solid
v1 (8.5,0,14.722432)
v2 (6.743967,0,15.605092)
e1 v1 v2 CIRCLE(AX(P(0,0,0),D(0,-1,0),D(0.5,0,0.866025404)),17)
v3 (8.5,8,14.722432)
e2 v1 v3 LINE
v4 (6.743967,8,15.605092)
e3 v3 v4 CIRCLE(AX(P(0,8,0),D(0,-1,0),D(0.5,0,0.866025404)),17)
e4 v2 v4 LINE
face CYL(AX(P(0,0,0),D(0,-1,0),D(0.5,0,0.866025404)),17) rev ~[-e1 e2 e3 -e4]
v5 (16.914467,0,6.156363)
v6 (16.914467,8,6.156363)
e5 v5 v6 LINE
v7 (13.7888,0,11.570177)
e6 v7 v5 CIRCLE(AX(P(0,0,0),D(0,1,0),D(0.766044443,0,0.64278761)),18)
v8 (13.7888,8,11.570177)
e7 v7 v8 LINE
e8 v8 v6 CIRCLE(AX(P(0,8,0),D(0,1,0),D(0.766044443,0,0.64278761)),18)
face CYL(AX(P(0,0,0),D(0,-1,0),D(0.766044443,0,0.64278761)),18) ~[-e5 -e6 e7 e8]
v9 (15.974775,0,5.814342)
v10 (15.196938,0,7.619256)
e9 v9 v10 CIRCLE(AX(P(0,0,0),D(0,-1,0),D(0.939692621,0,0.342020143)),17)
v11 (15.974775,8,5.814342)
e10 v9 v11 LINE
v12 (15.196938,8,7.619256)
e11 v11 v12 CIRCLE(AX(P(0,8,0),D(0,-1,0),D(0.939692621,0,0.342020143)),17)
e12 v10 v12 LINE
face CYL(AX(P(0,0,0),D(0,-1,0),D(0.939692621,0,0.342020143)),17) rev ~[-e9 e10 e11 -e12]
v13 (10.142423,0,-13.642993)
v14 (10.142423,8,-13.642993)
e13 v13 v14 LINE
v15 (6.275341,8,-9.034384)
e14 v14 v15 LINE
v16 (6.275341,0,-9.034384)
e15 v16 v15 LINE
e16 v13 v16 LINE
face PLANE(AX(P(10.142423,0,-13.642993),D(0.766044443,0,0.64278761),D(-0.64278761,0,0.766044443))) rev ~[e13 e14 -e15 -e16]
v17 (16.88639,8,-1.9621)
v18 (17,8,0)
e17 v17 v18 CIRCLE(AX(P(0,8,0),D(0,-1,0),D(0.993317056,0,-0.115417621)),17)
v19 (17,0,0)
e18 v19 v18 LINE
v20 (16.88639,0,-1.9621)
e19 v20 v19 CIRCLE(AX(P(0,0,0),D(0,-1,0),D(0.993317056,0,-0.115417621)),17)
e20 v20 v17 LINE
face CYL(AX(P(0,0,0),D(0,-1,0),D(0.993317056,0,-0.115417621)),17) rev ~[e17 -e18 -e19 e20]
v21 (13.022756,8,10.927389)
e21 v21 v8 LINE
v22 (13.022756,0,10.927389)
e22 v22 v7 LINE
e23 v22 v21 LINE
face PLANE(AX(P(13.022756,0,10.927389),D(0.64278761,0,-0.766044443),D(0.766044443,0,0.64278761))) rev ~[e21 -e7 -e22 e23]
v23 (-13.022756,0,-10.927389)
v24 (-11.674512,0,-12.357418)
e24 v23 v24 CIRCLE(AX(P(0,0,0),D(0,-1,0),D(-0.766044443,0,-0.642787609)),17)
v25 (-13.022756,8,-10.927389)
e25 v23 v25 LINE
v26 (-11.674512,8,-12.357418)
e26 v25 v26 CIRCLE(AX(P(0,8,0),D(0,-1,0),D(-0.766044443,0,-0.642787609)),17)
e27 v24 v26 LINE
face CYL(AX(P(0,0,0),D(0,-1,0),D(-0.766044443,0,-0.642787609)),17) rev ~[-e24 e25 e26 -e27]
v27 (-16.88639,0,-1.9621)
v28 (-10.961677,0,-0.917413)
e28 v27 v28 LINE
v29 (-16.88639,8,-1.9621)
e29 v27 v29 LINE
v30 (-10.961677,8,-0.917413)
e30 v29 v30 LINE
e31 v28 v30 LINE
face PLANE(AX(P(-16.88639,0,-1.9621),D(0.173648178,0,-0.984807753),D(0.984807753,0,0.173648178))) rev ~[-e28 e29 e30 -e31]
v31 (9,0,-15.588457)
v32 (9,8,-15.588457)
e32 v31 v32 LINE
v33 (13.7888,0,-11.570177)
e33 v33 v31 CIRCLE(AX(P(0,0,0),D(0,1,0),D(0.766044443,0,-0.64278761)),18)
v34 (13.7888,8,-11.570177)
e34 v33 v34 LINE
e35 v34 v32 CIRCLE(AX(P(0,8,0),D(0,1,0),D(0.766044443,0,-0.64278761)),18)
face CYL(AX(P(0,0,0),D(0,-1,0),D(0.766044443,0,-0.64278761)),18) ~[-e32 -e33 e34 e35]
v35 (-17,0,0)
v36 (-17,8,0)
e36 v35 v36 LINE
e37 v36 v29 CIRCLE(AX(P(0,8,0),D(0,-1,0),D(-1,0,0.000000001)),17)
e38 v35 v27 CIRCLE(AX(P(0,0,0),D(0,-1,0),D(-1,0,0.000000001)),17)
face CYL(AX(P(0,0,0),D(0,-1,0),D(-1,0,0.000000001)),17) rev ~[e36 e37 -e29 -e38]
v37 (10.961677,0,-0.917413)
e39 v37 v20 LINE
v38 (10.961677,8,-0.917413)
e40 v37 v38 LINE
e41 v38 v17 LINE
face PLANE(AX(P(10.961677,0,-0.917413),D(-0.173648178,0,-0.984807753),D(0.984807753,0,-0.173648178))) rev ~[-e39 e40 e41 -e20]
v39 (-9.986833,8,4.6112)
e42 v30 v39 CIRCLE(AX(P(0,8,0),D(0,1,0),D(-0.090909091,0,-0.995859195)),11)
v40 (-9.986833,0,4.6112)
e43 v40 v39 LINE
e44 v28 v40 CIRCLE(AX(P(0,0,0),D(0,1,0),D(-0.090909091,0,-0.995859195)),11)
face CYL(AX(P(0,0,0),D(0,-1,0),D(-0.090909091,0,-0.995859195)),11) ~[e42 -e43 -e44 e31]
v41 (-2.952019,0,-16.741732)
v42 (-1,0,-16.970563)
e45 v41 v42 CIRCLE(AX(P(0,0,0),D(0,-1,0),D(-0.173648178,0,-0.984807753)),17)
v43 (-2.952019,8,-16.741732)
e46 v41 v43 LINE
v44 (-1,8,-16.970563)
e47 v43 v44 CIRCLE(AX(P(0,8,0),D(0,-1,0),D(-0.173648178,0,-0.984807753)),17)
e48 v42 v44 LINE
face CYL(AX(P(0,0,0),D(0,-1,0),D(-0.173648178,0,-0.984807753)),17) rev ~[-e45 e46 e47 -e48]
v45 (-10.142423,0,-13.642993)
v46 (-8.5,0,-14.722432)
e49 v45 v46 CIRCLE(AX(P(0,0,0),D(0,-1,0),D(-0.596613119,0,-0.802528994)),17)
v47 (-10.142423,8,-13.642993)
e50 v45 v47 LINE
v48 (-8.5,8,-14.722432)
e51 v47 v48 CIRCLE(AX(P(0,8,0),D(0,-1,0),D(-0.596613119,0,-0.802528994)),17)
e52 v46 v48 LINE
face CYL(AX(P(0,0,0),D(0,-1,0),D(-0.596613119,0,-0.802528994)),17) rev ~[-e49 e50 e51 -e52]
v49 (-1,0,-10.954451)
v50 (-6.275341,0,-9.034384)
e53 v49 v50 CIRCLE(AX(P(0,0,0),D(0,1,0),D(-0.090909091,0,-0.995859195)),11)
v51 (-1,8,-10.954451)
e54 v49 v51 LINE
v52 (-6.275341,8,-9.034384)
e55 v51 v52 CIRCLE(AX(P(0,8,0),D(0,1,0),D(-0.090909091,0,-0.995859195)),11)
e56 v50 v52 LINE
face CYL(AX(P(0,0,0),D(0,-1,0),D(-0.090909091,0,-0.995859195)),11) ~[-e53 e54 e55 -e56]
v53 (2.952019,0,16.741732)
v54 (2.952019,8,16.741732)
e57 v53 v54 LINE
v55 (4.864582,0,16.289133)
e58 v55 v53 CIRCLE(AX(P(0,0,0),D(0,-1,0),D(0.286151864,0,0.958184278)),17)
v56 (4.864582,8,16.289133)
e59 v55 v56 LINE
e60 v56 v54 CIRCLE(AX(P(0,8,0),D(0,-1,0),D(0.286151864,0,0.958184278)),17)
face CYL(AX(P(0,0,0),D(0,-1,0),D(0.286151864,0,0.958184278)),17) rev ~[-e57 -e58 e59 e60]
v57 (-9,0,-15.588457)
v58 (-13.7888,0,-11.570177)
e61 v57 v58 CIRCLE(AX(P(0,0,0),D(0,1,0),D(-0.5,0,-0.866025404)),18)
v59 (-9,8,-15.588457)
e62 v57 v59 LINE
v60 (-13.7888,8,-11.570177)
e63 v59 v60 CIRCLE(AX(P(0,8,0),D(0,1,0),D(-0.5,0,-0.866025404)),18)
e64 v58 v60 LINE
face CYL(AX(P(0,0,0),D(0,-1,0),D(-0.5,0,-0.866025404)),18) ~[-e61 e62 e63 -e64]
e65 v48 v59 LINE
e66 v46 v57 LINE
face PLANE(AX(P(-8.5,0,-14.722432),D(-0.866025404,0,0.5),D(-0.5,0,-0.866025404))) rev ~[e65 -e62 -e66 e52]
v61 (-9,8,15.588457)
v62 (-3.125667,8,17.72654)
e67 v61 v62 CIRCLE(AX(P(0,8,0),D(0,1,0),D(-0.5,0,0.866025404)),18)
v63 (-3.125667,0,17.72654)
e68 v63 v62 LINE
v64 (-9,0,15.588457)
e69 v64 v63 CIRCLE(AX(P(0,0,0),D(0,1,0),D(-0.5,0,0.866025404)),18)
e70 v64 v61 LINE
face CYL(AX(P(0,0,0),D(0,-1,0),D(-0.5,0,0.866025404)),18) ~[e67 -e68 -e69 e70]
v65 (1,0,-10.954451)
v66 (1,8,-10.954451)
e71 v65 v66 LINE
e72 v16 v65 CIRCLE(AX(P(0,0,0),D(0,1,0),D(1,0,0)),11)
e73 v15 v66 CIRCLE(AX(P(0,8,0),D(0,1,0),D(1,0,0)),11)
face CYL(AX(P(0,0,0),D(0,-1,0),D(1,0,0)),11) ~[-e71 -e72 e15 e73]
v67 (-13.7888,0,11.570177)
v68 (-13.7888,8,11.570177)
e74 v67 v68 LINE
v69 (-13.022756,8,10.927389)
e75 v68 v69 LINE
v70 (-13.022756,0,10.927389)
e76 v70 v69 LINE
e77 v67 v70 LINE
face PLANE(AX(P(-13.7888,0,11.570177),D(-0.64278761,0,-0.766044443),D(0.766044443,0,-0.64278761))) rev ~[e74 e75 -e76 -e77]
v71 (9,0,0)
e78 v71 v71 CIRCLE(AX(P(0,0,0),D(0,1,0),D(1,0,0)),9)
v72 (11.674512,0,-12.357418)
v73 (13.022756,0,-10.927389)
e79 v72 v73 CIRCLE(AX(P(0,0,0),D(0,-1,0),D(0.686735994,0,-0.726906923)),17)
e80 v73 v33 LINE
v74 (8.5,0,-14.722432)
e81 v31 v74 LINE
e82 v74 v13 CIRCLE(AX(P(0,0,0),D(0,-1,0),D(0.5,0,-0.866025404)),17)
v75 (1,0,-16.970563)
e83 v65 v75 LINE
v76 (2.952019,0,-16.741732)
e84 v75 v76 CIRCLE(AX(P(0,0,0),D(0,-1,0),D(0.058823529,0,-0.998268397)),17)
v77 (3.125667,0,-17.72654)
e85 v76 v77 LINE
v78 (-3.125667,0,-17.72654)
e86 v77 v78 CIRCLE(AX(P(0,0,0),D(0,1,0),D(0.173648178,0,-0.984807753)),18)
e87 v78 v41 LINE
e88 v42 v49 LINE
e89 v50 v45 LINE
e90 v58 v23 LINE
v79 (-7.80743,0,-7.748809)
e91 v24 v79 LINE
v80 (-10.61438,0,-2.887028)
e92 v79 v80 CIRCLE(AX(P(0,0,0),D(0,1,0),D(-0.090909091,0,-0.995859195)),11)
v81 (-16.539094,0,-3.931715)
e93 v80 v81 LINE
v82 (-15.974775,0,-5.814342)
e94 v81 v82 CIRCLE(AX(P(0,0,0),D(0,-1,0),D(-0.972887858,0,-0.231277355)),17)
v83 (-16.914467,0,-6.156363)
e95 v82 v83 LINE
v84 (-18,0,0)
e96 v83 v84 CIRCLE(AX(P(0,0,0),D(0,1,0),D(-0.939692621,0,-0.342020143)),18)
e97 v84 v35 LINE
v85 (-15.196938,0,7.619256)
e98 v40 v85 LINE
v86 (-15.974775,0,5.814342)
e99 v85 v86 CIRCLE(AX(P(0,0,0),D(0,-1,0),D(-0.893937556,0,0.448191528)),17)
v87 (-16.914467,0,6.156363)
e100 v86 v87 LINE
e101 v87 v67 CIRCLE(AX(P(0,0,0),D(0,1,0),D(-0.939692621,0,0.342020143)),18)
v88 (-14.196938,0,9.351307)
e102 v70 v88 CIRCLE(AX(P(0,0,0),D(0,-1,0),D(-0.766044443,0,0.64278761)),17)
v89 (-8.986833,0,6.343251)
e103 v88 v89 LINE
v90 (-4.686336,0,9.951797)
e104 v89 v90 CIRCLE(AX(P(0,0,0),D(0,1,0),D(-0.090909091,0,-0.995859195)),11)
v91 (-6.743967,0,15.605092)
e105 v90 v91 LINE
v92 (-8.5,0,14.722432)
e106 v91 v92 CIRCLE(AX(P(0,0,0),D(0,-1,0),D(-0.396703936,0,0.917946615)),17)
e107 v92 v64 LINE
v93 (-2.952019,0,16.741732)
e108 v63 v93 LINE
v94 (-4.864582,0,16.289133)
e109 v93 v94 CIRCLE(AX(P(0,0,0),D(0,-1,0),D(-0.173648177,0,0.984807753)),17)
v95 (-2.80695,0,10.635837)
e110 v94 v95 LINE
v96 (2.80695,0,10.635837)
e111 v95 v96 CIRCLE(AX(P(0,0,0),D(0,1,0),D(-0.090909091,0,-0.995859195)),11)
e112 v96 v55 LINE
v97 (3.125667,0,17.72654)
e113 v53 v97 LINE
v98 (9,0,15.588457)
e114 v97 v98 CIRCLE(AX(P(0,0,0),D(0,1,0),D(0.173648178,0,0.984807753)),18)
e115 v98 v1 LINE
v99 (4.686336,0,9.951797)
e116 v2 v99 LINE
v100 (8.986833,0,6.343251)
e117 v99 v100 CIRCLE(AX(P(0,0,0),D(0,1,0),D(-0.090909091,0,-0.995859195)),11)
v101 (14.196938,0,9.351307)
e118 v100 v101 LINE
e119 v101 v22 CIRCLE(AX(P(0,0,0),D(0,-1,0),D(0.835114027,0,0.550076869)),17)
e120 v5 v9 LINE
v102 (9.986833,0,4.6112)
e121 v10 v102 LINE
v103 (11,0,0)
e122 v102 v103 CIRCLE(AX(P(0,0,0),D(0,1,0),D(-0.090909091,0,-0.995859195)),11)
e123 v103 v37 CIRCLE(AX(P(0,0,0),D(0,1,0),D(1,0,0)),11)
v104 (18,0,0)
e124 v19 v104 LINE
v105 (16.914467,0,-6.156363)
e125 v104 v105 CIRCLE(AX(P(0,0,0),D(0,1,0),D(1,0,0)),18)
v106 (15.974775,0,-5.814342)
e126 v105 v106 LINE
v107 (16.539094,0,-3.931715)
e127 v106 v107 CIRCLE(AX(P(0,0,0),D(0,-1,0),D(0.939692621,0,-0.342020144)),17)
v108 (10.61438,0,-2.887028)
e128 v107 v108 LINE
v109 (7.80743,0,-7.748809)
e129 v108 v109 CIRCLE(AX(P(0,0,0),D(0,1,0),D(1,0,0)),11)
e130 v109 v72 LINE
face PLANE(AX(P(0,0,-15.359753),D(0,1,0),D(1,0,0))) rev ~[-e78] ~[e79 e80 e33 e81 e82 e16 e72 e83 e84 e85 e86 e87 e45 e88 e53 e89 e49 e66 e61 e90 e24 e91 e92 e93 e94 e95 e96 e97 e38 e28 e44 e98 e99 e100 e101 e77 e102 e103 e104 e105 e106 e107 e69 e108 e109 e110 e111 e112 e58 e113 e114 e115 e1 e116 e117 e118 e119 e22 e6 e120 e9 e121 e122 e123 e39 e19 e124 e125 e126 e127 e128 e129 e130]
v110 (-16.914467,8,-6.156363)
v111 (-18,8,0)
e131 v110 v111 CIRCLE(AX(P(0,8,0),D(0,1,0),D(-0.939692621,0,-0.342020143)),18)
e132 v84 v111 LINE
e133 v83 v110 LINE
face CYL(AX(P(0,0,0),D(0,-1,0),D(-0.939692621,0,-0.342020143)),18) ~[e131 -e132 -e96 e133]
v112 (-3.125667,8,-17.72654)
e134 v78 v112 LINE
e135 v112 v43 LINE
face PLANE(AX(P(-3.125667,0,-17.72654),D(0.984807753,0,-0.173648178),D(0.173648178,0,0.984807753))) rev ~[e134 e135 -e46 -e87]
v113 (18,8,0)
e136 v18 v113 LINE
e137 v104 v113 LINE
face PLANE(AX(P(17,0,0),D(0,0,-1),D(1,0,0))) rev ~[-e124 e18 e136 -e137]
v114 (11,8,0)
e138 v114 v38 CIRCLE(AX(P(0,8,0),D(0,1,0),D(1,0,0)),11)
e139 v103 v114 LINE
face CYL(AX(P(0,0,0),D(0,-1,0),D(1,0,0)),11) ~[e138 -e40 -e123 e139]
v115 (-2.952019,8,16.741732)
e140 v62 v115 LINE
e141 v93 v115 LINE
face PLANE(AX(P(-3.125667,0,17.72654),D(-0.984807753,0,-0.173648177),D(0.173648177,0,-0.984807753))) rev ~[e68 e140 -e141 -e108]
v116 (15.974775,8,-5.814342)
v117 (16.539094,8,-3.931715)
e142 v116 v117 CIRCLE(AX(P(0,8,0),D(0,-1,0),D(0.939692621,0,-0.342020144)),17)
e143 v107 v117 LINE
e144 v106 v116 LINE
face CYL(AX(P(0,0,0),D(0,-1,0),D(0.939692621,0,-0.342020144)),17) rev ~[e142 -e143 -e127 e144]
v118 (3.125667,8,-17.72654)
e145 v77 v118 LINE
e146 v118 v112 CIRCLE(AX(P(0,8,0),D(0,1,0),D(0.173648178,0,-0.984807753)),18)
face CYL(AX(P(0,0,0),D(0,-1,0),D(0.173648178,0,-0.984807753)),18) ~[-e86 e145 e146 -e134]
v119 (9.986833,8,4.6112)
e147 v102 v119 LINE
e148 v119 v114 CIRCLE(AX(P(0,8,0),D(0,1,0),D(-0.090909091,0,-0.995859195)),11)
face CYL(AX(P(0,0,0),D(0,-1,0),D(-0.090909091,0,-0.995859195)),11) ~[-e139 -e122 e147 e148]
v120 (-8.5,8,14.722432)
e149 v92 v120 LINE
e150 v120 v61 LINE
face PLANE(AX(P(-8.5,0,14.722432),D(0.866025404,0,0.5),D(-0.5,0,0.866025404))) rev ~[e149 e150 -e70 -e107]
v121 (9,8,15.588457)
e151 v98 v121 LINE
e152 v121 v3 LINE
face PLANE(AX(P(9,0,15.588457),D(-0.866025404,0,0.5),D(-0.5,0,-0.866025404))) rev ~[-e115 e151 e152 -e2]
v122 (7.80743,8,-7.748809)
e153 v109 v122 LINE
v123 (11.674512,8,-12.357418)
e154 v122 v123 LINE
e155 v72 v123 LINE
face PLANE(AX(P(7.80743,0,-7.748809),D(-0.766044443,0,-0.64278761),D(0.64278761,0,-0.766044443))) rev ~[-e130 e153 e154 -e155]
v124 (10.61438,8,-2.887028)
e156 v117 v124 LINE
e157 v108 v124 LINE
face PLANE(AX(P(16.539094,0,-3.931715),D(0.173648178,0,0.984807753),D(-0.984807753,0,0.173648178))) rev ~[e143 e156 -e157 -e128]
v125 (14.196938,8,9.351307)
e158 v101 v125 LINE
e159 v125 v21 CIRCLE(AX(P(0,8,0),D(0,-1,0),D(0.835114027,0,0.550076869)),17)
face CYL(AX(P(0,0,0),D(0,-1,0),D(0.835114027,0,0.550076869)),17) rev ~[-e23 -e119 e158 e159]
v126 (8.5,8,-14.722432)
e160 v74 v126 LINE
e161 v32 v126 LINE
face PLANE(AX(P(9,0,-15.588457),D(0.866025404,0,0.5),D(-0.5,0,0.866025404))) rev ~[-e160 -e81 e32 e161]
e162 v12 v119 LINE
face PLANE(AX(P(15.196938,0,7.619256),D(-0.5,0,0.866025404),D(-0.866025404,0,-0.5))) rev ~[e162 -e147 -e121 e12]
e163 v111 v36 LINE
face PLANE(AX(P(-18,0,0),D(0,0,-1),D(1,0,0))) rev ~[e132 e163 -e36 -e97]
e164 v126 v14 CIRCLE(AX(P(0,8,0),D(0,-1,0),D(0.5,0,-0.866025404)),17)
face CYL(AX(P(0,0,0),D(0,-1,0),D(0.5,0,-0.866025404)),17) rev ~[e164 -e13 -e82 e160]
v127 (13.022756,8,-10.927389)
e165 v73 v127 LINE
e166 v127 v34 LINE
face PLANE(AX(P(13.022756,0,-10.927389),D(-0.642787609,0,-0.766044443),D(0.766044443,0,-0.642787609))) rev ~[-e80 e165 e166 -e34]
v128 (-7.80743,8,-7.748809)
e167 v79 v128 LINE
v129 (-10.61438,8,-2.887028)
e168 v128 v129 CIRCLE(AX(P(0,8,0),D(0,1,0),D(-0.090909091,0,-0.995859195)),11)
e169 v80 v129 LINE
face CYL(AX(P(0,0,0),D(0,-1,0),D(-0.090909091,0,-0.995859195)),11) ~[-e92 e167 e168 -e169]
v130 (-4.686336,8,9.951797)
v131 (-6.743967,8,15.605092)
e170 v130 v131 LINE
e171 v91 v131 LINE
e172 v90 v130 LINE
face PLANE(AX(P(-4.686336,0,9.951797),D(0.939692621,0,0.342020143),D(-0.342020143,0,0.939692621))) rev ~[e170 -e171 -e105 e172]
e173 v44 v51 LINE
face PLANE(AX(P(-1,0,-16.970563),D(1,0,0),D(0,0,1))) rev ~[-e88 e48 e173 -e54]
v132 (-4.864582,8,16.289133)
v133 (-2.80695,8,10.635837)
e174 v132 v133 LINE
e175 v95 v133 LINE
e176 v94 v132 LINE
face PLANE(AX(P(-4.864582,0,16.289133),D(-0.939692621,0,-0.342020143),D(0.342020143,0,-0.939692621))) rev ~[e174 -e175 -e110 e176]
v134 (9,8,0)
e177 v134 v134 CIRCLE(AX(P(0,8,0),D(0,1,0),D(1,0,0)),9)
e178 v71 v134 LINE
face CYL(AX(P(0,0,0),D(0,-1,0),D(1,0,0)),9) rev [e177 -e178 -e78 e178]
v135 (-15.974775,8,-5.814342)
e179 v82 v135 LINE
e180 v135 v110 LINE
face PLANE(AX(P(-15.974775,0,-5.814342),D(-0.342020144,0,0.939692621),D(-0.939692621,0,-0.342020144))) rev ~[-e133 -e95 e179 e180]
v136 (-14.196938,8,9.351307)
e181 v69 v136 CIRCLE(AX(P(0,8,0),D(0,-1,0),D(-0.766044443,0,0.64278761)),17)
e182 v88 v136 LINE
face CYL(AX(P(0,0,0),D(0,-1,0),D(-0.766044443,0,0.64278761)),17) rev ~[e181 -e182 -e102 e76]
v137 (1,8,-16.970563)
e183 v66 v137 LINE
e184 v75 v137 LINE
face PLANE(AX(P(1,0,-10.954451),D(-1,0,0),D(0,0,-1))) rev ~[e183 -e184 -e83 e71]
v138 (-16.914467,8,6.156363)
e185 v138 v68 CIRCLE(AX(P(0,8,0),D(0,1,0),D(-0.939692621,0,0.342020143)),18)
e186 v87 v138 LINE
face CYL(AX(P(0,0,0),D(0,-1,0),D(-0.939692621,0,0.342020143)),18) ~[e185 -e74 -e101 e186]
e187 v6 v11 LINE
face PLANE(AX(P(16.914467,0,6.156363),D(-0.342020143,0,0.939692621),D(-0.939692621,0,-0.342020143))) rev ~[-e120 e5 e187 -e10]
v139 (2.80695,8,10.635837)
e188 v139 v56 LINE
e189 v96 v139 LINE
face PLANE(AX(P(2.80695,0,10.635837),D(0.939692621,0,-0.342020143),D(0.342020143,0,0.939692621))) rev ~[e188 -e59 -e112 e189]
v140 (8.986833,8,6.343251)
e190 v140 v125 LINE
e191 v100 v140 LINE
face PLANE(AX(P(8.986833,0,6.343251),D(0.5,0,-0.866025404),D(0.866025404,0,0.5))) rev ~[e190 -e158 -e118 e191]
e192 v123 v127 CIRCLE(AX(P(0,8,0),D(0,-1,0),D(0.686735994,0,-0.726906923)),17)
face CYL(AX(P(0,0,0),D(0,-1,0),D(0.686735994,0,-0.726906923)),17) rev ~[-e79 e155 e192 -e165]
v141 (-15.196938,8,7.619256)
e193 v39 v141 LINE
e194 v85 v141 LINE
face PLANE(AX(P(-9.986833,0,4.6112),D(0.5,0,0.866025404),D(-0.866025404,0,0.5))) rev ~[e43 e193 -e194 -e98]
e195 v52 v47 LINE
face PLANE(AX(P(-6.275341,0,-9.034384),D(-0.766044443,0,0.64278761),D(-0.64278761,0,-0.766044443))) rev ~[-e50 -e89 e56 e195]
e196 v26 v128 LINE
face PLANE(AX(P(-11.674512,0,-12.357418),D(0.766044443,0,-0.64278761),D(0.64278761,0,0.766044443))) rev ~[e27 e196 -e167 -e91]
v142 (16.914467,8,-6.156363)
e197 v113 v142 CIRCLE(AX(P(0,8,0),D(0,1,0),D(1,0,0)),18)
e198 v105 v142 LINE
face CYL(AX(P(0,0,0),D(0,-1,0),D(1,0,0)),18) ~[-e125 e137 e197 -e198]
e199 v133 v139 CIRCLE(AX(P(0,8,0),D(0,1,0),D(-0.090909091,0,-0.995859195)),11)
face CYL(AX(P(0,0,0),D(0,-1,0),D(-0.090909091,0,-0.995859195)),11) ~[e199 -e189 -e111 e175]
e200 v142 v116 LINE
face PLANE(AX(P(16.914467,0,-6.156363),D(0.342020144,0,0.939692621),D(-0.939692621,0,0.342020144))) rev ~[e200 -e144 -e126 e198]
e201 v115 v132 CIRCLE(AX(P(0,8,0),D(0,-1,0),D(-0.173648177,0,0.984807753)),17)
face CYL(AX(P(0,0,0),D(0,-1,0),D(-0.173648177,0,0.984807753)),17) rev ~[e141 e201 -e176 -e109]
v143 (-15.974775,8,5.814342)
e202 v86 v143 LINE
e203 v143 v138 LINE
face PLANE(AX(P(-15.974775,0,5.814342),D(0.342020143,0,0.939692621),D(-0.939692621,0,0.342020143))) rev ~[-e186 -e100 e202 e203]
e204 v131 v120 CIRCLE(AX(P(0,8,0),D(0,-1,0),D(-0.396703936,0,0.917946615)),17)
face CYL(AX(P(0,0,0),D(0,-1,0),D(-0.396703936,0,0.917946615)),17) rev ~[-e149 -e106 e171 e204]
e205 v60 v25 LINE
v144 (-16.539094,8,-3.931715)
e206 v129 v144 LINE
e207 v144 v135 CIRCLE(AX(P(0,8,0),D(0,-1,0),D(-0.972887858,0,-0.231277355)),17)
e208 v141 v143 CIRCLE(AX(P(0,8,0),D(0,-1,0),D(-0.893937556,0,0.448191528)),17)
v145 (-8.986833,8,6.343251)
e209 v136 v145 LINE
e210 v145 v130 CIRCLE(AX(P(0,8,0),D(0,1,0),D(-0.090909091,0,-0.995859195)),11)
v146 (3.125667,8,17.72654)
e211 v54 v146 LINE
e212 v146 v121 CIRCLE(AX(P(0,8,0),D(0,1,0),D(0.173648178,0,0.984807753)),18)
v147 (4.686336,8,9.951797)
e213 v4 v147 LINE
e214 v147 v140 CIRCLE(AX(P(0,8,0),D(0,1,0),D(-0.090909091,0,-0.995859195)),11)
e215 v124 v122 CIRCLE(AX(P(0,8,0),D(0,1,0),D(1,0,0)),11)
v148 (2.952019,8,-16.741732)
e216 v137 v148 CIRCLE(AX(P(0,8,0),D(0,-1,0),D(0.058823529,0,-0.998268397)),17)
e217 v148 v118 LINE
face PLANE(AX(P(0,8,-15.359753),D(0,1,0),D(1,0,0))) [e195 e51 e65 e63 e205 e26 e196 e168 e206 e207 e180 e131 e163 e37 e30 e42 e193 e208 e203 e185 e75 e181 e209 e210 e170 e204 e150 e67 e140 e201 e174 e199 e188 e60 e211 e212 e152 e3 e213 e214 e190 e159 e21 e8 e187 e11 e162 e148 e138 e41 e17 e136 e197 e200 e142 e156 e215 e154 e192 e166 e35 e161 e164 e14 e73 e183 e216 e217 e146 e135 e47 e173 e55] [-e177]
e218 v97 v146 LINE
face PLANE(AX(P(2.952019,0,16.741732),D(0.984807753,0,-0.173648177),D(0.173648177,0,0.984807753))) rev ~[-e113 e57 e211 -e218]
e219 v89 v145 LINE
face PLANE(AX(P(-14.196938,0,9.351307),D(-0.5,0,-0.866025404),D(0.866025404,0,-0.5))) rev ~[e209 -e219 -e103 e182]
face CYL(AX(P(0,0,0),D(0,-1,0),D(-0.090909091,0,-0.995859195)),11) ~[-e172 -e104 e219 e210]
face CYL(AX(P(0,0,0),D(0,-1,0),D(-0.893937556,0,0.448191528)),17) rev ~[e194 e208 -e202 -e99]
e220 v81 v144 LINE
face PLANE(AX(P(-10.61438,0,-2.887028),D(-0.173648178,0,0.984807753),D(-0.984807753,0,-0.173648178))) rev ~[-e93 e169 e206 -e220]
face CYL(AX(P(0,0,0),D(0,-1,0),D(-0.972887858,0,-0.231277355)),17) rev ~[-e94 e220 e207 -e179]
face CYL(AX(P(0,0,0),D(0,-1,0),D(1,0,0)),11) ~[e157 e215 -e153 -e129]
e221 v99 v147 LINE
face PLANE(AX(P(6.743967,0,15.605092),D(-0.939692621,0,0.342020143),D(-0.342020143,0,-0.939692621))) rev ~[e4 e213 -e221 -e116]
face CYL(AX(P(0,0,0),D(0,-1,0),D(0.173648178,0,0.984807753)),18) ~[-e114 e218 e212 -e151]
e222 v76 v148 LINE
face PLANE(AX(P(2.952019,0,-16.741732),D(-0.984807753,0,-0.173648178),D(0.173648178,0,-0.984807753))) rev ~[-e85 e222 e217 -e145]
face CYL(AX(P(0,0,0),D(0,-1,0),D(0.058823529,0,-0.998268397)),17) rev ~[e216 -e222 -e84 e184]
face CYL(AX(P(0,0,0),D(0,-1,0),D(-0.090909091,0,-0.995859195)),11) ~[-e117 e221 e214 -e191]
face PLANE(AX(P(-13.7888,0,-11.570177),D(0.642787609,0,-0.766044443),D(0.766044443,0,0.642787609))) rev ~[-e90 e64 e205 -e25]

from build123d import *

# Parameters (mm, degrees)
SKETCH1_R           = 9
BOSS_EXTRUDE1_DEPTH = 8
BOSS_EXTRUDE4_DEPTH = 8
CIRPATTERN2_COUNT   = 9


with BuildPart() as part:
    # Sketch1 → Boss-Extrude1 (new body)
    with BuildSketch(Plane(origin=(0, 0, 0), x_dir=(1, 0, 0), z_dir=(0, 1, 0))):
        with BuildLine():
            ThreePointArc((1, 10.95445115), (0, 11), (-1, 10.95445115))
            ThreePointArc((-1, 10.95445115), (-7.416198487, -8.124038405), (11, 0))
            ThreePointArc((11, 0), (8.124038405, 7.416198487), (1, 10.95445115))
        make_face()
        Circle(SKETCH1_R, mode=Mode.SUBTRACT)
    extrude(amount=BOSS_EXTRUDE1_DEPTH)

    # Sketch1<3> → Boss-Extrude4 (add)
    with BuildSketch(Plane(origin=(0, 0, 0), x_dir=(1, 0, 0), z_dir=(0, 1, 0))):
        with BuildLine():
            Line((-1, 16.970562748), (-1, 10.95445115))
            ThreePointArc((-1, 10.95445115), (0, 11), (1, 10.95445115))
            Line((1, 10.95445115), (1, 16.970562748))
            ThreePointArc((1, 16.970562748), (1.979319197, 16.884380223), (2.95201902, 16.741731801))
            Line((2.95201902, 16.741731801), (3.125667198, 17.726539554))
            ThreePointArc((3.125667198, 17.726539554), (0, 18), (-3.125667198, 17.726539554))
            Line((-3.125667198, 17.726539554), (-2.95201902, 16.741731801))
            ThreePointArc((-2.95201902, 16.741731801), (-1.979319197, 16.884380223), (-1, 16.970562748))
        make_face()
    boss_extrude4 = extrude(amount=BOSS_EXTRUDE4_DEPTH)

    # CirPattern2: Boss-Extrude4 ×9 about axis
    cirpattern2_axis = Axis((0, 8, 0), (0, -1, 0))
    for i in range(1, CIRPATTERN2_COUNT):
        add(boss_extrude4.rotate(cirpattern2_axis, i * 360 / CIRPATTERN2_COUNT))


solid = part.part
